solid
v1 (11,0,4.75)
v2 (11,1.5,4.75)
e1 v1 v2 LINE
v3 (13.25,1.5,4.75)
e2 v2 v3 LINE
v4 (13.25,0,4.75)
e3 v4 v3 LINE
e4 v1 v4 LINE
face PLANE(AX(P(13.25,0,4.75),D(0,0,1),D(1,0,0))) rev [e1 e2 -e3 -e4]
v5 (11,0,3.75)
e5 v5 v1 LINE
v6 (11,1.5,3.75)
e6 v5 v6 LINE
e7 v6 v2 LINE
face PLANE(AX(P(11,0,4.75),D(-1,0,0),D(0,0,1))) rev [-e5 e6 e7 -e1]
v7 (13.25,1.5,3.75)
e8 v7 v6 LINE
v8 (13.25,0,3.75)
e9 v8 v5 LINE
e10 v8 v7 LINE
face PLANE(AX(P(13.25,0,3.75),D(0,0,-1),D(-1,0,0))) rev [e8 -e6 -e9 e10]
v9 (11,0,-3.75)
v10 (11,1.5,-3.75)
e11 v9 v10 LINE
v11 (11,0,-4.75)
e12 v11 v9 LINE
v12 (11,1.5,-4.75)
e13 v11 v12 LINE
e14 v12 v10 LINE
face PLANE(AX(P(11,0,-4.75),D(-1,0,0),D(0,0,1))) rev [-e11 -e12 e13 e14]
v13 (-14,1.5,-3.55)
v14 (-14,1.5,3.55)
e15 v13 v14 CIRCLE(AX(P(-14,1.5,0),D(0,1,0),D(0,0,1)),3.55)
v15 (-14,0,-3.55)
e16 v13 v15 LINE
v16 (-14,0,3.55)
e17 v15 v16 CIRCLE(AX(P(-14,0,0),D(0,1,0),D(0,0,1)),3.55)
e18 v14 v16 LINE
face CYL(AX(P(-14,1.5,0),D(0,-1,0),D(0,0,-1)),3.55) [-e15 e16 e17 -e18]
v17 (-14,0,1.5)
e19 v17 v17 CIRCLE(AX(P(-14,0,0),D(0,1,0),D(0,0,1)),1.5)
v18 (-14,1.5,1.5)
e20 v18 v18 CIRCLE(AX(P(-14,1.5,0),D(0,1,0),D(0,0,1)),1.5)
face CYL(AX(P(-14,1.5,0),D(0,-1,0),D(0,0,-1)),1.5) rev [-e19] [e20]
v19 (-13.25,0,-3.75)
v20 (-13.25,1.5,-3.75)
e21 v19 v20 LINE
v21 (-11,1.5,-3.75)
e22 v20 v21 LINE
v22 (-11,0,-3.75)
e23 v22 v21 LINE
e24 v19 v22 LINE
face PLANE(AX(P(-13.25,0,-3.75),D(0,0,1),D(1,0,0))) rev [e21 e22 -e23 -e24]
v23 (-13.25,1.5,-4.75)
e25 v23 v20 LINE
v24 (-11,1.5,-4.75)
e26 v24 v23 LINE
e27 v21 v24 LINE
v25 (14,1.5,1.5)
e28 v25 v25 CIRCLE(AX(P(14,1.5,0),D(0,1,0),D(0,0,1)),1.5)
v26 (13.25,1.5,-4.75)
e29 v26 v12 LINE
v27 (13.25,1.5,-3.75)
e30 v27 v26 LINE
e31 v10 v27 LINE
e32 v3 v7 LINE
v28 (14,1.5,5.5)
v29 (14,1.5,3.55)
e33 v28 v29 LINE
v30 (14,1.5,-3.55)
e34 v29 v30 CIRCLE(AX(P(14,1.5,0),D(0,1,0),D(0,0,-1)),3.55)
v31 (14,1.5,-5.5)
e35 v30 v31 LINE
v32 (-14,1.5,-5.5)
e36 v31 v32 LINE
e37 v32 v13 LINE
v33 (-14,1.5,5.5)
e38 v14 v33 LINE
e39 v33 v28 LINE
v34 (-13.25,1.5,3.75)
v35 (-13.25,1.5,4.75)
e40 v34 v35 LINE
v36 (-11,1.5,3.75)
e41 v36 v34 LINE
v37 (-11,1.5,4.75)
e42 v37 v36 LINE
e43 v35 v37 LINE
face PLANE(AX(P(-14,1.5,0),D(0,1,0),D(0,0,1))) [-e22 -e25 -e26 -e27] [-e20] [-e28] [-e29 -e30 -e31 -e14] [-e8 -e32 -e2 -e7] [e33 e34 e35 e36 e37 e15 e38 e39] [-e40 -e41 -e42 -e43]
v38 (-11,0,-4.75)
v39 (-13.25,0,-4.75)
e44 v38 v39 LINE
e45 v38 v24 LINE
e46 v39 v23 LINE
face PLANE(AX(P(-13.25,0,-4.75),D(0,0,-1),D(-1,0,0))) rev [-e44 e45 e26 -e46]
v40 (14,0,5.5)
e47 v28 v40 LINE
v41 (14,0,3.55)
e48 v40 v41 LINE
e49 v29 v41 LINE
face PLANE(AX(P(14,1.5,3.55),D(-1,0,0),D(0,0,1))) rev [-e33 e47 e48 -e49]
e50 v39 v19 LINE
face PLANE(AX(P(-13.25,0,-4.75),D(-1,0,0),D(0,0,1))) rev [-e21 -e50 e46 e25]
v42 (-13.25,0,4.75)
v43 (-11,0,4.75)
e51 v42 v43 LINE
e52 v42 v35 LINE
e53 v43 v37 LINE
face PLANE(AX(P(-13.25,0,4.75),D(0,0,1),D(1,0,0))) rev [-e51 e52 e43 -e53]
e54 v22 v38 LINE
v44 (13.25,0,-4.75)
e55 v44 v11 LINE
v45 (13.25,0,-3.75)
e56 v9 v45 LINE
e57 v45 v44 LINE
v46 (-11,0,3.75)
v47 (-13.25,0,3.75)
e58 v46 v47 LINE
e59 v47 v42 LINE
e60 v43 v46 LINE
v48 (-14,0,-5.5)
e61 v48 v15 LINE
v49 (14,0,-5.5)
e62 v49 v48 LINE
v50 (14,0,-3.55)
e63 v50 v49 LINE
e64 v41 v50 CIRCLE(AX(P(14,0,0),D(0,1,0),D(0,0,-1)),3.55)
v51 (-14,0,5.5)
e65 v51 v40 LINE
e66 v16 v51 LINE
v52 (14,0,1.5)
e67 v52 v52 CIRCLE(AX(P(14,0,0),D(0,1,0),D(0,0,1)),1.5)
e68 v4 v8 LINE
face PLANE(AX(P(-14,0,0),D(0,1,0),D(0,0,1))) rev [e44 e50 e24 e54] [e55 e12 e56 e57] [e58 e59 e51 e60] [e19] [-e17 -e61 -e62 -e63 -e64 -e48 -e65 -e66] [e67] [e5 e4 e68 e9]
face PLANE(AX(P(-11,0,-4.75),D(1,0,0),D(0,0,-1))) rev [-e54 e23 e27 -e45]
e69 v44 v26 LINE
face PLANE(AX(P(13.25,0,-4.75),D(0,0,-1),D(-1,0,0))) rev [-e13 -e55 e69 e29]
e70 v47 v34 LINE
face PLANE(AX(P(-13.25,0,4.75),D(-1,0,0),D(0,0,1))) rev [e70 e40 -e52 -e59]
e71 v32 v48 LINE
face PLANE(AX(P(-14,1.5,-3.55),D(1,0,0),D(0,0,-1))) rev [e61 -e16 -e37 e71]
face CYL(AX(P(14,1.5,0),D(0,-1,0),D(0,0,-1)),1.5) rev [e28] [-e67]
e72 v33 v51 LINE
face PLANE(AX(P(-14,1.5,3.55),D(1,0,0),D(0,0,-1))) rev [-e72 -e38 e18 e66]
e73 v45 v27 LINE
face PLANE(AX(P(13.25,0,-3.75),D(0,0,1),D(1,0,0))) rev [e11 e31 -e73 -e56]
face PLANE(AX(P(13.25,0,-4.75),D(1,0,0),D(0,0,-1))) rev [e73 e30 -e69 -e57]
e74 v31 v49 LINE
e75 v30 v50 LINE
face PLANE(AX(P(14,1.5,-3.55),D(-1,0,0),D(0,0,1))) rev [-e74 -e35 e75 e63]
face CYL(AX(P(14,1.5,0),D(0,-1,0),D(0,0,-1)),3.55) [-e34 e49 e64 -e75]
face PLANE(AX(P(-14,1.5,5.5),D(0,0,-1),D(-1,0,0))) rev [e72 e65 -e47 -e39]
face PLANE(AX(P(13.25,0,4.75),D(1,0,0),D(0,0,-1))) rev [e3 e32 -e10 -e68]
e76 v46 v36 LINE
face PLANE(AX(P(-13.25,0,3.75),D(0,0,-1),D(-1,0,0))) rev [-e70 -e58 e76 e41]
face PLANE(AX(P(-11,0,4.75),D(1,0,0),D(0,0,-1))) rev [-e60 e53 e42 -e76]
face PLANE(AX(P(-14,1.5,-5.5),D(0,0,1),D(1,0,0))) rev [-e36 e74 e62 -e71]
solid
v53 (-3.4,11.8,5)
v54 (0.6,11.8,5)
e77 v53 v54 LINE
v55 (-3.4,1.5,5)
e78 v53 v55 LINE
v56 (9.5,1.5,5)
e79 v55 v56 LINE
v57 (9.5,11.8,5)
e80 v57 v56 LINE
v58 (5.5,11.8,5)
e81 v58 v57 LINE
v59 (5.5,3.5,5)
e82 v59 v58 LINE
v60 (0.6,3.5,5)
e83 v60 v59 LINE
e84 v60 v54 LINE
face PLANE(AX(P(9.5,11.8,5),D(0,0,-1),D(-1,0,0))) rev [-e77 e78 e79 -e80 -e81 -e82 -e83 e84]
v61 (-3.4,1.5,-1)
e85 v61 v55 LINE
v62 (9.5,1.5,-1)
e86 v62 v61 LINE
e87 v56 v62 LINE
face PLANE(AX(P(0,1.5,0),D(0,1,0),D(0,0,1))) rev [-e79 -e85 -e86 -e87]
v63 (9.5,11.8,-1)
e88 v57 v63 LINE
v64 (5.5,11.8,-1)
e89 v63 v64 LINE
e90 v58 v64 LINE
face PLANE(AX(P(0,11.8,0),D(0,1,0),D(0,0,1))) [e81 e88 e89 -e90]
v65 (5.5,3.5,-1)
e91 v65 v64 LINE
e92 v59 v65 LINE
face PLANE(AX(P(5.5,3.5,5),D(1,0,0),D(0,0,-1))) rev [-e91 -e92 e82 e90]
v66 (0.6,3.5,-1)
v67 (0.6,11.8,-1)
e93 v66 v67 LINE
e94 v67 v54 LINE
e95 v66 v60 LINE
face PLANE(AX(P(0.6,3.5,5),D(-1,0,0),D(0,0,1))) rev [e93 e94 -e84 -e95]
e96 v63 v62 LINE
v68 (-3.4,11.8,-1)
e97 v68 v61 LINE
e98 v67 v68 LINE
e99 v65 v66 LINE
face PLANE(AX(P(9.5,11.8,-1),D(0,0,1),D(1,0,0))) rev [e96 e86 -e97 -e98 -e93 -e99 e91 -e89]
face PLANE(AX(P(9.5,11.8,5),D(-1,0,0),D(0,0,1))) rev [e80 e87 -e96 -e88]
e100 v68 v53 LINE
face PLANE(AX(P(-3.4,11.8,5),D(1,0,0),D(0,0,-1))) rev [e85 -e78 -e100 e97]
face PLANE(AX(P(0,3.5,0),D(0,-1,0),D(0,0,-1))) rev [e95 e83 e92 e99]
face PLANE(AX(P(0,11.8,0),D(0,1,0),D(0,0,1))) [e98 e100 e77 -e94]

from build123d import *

# Parameters (mm, degrees)
SKETCH1_R         = 1.5
PCB_DEPTH         = 1.5
SKETCH2_W         = 2.25
SKETCH2_H         = 1
TAB_SLOTS_DEPTH   = 2.5
SKETCH3_W         = 12.9
SKETCH3_H         = 6
SENSOR_BODY_DEPTH = 10.3
SKETCH4_W         = 4.9
SKETCH4_H         = 6
SENSOR_SLOT_DEPTH = 8.3


with BuildPart() as part:
    # Sketch1 → PCB (new body)
    with BuildSketch(Plane(origin=(0, 0, 0), x_dir=(1, 0, 0), z_dir=(0, 1, 0))):
        with BuildLine():
            Line((-14, 3.55), (-14, 5.5))
            Line((-14, 5.5), (14, 5.5))
            Line((14, 5.5), (14, 3.55))
            ThreePointArc((14, 3.55), (17.55, 0), (14, -3.55))
            Line((14, -3.55), (14, -5.5))
            Line((14, -5.5), (-14, -5.5))
            Line((-14, -5.5), (-14, -3.55))
            ThreePointArc((-14, -3.55), (-17.55, 0), (-14, 3.55))
        make_face()
        with Locations((-14, 0)):
            Circle(SKETCH1_R, mode=Mode.SUBTRACT)
        with Locations((14, 0)):
            Circle(SKETCH1_R, mode=Mode.SUBTRACT)
    extrude(amount=PCB_DEPTH)

    # Sketch2 → Tab Slots (cut, through all)
    with BuildSketch(Plane(origin=(0, 1.5, 0), x_dir=(1, 0, 0), z_dir=(0, 1, 0))):
        with Locations((-12.125, -4.25)):
            Rectangle(SKETCH2_W, SKETCH2_H)
        with Locations((-12.125, 4.25)):
            Rectangle(SKETCH2_W, SKETCH2_H)
        with Locations((12.125, 4.25)):
            Rectangle(SKETCH2_W, SKETCH2_H)
        with Locations((12.125, -4.25)):
            Rectangle(SKETCH2_W, SKETCH2_H)
    extrude(amount=-TAB_SLOTS_DEPTH, mode=Mode.SUBTRACT)


with BuildPart() as body_2:
    # Sketch3 → Sensor Body (new body)
    with BuildSketch(Plane(origin=(0, 1.5, 0), x_dir=(1, 0, 0), z_dir=(0, 1, 0))):
        with Locations((3.05, -2)):
            Rectangle(SKETCH3_W, SKETCH3_H)
    extrude(amount=SENSOR_BODY_DEPTH)

    # Sketch4 → Sensor Slot (cut)
    with BuildSketch(Plane(origin=(0, 11.8, 0), x_dir=(1, 0, 0), z_dir=(0, 1, 0))):
        with Locations((3.05, -2)):
            Rectangle(SKETCH4_W, SKETCH4_H)
    extrude(amount=-SENSOR_SLOT_DEPTH, mode=Mode.SUBTRACT)


solid = Compound([part.part, body_2.part])
